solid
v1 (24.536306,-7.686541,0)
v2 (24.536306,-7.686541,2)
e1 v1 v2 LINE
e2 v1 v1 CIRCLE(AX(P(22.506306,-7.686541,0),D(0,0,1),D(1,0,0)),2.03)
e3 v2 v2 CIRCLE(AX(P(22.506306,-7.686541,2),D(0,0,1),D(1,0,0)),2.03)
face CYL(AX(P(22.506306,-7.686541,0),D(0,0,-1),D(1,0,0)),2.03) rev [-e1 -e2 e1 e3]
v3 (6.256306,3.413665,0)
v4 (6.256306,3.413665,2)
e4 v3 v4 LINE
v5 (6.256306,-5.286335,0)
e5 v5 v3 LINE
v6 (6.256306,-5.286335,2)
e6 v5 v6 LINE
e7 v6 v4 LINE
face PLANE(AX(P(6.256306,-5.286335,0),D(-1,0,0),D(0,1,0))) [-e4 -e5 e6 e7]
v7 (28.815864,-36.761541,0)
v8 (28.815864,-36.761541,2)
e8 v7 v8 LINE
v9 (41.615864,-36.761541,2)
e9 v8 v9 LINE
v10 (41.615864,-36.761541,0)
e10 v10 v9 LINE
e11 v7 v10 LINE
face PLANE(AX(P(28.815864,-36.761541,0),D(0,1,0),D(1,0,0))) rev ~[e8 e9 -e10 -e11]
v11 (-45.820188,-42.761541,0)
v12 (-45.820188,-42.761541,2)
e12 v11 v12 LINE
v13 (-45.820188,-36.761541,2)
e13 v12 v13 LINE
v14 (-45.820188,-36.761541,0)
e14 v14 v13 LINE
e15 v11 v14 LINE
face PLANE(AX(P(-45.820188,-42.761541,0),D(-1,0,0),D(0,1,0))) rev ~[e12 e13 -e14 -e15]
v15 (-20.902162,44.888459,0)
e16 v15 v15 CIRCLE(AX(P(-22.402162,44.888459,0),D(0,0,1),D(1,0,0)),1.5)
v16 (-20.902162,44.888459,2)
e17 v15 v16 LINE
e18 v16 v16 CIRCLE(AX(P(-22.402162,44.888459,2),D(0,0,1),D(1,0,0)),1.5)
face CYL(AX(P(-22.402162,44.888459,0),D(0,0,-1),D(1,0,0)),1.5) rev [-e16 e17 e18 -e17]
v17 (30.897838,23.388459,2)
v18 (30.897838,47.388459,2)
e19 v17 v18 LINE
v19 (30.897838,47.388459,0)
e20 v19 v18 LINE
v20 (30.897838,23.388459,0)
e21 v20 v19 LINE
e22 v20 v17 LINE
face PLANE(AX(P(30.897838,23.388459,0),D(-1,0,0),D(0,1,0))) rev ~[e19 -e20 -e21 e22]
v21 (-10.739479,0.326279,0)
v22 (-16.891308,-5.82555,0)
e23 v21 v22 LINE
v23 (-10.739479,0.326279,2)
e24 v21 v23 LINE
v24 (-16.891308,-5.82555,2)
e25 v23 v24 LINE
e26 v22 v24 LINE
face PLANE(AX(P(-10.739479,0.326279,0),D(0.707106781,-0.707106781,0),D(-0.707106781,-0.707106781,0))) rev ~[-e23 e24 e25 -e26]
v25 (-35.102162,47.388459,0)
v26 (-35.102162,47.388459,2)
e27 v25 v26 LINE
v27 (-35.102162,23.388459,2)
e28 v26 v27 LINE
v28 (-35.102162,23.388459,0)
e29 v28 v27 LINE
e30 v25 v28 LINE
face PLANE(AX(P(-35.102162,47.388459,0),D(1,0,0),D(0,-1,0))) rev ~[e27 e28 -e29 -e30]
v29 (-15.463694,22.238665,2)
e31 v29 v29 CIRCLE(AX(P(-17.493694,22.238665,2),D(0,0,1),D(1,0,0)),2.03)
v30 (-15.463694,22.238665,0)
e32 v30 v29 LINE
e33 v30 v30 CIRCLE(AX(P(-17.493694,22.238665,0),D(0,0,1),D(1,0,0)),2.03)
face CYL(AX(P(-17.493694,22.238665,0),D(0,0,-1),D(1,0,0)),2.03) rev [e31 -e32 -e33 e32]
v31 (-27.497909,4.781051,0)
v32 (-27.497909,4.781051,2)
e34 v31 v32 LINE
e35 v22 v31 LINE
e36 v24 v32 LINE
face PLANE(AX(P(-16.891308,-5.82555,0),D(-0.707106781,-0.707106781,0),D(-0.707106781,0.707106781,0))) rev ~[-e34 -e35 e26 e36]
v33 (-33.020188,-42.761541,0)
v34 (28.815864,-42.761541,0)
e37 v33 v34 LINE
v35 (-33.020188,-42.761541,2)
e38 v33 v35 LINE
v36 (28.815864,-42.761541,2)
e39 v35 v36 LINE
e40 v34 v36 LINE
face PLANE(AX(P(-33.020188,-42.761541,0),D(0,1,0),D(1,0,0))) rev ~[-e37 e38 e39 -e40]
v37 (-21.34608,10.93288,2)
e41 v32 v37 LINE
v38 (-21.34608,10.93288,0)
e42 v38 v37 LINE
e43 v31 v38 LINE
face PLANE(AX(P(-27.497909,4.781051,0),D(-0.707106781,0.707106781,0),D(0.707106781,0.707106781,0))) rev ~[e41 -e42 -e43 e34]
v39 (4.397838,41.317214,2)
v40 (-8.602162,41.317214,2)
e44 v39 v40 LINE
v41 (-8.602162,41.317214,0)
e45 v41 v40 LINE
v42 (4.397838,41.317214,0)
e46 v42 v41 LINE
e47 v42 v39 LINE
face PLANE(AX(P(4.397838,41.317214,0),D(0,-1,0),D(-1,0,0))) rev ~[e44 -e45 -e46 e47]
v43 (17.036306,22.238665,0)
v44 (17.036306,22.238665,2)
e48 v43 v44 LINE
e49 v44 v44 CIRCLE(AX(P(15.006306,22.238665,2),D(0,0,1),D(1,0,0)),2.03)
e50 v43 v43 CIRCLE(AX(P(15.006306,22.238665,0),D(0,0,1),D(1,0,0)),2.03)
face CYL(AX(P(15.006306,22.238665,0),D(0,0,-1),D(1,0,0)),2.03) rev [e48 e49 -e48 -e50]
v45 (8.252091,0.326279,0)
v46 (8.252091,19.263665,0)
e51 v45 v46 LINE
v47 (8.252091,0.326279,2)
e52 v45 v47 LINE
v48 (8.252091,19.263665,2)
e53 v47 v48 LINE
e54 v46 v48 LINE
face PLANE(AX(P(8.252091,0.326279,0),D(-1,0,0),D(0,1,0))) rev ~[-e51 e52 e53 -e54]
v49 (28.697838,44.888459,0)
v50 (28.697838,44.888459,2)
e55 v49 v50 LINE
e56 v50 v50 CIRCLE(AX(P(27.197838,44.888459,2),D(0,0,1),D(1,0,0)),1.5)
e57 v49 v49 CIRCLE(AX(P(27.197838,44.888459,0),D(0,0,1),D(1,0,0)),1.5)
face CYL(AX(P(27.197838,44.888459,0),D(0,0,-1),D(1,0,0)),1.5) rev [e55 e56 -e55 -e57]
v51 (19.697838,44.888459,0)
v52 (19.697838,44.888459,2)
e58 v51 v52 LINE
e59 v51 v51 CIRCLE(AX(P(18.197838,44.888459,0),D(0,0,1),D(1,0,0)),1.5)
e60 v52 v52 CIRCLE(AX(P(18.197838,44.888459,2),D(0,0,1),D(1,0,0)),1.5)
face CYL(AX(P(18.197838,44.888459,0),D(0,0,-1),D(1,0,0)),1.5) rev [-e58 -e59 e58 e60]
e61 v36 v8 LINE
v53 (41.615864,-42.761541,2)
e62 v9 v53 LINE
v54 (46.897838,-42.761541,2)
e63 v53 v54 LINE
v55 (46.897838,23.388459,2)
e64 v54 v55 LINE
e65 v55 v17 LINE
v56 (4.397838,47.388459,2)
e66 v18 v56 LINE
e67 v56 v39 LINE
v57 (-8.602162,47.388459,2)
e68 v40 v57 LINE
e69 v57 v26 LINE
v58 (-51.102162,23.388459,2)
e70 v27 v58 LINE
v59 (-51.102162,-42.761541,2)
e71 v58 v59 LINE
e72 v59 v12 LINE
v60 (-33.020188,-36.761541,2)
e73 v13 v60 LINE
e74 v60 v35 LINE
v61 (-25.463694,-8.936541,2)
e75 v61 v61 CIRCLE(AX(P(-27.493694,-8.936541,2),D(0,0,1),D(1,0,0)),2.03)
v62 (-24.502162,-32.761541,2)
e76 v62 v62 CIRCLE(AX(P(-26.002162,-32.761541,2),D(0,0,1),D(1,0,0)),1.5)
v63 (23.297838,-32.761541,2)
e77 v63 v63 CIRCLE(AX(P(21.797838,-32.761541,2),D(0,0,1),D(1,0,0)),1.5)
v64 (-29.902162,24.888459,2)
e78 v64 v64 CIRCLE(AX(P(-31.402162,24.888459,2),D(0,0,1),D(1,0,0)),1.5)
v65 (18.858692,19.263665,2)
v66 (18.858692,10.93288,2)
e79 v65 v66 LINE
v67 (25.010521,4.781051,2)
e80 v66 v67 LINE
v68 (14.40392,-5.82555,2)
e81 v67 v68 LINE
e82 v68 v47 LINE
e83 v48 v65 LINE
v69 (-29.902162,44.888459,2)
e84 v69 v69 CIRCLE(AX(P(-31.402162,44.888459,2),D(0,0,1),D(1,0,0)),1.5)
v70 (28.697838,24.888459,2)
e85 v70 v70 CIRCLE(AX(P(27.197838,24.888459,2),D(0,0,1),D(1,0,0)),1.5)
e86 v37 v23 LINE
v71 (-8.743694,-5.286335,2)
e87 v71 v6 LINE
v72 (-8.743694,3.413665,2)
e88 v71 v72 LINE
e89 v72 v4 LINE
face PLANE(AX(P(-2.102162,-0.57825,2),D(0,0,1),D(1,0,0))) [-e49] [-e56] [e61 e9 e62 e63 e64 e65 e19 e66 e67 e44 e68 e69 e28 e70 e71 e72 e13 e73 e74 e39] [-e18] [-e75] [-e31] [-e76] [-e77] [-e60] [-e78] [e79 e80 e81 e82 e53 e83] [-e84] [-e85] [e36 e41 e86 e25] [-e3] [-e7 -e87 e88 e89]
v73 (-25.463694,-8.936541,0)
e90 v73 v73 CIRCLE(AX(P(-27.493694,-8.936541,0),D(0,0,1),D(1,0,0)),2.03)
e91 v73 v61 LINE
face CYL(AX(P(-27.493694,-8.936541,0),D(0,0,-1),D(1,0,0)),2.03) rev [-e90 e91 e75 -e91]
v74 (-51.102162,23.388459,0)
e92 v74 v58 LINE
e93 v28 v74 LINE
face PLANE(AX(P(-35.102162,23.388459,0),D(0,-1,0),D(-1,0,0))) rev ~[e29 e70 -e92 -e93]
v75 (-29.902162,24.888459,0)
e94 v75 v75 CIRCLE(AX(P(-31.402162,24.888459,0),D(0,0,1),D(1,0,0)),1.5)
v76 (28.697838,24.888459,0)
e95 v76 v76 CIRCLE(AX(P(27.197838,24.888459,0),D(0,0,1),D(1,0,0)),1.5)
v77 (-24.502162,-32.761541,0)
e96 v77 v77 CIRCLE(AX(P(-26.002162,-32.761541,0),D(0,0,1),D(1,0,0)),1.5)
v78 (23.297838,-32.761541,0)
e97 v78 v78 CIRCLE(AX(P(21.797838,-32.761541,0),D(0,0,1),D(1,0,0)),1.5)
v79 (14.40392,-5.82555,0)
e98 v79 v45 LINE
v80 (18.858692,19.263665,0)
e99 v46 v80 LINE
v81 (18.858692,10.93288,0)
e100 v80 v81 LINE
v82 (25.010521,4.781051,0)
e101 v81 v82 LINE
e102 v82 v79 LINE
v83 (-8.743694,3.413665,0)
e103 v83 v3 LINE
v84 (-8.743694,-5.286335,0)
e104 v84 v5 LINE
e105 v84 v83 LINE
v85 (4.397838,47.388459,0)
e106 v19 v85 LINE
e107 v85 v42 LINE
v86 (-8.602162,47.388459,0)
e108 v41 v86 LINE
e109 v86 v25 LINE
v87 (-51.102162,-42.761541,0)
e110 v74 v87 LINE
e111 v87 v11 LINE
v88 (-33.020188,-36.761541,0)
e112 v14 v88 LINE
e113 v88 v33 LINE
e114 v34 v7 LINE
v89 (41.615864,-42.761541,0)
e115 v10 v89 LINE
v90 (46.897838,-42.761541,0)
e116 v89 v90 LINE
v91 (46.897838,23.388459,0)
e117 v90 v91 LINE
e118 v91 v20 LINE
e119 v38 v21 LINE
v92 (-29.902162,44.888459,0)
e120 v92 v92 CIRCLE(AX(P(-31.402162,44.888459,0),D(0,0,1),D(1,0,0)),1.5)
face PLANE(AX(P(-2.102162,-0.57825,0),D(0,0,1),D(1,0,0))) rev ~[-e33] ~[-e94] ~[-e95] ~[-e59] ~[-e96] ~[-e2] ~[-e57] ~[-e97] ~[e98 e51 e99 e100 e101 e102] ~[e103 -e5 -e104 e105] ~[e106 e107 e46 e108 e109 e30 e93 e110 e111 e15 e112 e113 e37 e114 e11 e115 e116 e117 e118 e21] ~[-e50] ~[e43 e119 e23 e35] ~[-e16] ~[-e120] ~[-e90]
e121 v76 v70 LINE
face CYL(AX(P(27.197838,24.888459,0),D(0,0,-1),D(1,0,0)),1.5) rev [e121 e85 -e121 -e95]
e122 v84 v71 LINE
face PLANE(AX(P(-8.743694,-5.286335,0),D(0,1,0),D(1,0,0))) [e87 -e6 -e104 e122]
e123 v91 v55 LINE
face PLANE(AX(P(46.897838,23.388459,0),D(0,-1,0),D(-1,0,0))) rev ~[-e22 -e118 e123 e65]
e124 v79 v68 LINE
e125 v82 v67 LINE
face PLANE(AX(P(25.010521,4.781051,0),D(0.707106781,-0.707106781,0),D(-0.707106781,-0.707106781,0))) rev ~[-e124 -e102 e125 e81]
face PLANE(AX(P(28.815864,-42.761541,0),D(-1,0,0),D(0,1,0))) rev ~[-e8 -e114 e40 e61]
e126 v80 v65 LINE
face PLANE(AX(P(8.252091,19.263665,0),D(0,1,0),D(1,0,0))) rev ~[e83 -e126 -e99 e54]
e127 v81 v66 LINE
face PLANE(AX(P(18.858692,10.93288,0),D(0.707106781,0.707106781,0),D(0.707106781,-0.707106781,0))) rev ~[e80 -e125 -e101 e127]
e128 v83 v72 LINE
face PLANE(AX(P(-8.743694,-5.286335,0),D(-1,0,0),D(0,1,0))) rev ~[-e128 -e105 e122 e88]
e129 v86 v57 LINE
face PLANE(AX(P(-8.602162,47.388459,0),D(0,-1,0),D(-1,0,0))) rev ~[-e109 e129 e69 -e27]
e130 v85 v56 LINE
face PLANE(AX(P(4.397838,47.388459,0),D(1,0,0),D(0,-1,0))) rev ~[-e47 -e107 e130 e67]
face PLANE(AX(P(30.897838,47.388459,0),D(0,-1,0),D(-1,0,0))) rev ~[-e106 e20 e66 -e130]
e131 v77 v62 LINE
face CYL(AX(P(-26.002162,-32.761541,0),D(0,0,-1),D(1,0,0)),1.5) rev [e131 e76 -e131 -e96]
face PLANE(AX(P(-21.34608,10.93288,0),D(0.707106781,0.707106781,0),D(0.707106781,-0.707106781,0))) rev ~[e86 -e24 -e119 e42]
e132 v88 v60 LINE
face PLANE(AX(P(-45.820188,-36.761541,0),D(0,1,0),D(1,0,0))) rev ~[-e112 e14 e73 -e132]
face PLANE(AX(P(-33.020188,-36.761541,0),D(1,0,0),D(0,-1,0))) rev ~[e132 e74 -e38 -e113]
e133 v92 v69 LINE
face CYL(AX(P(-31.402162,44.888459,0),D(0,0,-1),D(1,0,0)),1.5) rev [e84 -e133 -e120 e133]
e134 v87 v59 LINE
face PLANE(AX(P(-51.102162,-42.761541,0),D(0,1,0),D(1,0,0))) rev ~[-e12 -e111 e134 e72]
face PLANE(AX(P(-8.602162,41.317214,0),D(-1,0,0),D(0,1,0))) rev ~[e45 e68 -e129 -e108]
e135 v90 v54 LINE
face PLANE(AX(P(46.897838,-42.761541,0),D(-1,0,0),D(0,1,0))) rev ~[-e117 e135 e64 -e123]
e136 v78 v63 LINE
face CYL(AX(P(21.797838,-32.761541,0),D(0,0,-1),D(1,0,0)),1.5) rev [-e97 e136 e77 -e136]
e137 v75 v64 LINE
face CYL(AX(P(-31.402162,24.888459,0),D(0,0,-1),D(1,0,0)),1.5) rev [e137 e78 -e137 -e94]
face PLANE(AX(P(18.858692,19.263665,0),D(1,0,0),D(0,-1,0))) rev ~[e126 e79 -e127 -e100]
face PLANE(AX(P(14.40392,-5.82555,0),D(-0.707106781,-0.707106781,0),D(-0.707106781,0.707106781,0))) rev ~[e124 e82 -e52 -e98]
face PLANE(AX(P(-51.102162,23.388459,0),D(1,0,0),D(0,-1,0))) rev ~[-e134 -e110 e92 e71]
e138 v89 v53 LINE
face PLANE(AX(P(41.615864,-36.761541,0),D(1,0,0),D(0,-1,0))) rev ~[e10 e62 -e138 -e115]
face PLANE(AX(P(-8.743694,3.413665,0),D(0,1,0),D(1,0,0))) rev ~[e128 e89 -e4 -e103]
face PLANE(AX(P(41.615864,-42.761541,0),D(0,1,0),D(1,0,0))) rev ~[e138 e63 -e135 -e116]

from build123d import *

# Parameters (mm, degrees)
F0_R     = 1.5
F0_R_2   = 2.03
F0_W     = 15
F0_H     = 8.7
F1_DEPTH = 2


with BuildPart() as f1:
    # F0 (on Top) → F1 (new body)
    with BuildSketch(Plane.XY):
        Polygon((41.615864, -42.761541), (46.897838, -42.761541), (46.897838, 23.388459), (30.897838, 23.388459), (30.897838, 47.388459), (4.397838, 47.388459), (4.397838, 41.317214), (-8.602162, 41.317214), (-8.602162, 47.388459), (-35.102162, 47.388459), (-35.102162, 23.388459), (-51.102162, 23.388459), (-51.102162, -42.761541), (-45.820188, -42.761541), (-45.820188, -36.761541), (-33.020188, -36.761541), (-33.020188, -42.761541), (28.815864, -42.761541), (28.815864, -36.761541), (41.615864, -36.761541), align=None)
        with Locations((-26.002162, -32.761541)):
            Circle(F0_R, mode=Mode.SUBTRACT)
        with Locations((-27.493694, -8.936541)):
            Circle(F0_R_2, mode=Mode.SUBTRACT)
        with Locations((21.797838, -32.761541)):
            Circle(F0_R, mode=Mode.SUBTRACT)
        with Locations((-1.243694, -0.936335)):
            Rectangle(F0_W, F0_H, mode=Mode.SUBTRACT)
        with Locations((22.506306, -7.686541)):
            Circle(F0_R_2, mode=Mode.SUBTRACT)
        Polygon((-21.34608, 10.93288), (-10.739479, 0.326279), (-16.891308, -5.82555), (-27.497909, 4.781051), align=None, mode=Mode.SUBTRACT)
        with Locations((-17.493694, 22.238665)):
            Circle(F0_R_2, mode=Mode.SUBTRACT)
        with Locations((-31.402162, 24.888459)):
            Circle(F0_R, mode=Mode.SUBTRACT)
        with Locations((-31.402162, 44.888459)):
            Circle(F0_R, mode=Mode.SUBTRACT)
        with Locations((-22.402162, 44.888459)):
            Circle(F0_R, mode=Mode.SUBTRACT)
        Polygon((14.40392, -5.82555), (8.252091, 0.326279), (8.252091, 19.263665), (18.858692, 19.263665), (18.858692, 10.93288), (25.010521, 4.781051), align=None, mode=Mode.SUBTRACT)
        with Locations((15.006306, 22.238665)):
            Circle(F0_R_2, mode=Mode.SUBTRACT)
        with Locations((18.197838, 44.888459)):
            Circle(F0_R, mode=Mode.SUBTRACT)
        with Locations((27.197838, 24.888459)):
            Circle(F0_R, mode=Mode.SUBTRACT)
        with Locations((27.197838, 44.888459)):
            Circle(F0_R, mode=Mode.SUBTRACT)
    extrude(amount=F1_DEPTH)


solid = f1.part
